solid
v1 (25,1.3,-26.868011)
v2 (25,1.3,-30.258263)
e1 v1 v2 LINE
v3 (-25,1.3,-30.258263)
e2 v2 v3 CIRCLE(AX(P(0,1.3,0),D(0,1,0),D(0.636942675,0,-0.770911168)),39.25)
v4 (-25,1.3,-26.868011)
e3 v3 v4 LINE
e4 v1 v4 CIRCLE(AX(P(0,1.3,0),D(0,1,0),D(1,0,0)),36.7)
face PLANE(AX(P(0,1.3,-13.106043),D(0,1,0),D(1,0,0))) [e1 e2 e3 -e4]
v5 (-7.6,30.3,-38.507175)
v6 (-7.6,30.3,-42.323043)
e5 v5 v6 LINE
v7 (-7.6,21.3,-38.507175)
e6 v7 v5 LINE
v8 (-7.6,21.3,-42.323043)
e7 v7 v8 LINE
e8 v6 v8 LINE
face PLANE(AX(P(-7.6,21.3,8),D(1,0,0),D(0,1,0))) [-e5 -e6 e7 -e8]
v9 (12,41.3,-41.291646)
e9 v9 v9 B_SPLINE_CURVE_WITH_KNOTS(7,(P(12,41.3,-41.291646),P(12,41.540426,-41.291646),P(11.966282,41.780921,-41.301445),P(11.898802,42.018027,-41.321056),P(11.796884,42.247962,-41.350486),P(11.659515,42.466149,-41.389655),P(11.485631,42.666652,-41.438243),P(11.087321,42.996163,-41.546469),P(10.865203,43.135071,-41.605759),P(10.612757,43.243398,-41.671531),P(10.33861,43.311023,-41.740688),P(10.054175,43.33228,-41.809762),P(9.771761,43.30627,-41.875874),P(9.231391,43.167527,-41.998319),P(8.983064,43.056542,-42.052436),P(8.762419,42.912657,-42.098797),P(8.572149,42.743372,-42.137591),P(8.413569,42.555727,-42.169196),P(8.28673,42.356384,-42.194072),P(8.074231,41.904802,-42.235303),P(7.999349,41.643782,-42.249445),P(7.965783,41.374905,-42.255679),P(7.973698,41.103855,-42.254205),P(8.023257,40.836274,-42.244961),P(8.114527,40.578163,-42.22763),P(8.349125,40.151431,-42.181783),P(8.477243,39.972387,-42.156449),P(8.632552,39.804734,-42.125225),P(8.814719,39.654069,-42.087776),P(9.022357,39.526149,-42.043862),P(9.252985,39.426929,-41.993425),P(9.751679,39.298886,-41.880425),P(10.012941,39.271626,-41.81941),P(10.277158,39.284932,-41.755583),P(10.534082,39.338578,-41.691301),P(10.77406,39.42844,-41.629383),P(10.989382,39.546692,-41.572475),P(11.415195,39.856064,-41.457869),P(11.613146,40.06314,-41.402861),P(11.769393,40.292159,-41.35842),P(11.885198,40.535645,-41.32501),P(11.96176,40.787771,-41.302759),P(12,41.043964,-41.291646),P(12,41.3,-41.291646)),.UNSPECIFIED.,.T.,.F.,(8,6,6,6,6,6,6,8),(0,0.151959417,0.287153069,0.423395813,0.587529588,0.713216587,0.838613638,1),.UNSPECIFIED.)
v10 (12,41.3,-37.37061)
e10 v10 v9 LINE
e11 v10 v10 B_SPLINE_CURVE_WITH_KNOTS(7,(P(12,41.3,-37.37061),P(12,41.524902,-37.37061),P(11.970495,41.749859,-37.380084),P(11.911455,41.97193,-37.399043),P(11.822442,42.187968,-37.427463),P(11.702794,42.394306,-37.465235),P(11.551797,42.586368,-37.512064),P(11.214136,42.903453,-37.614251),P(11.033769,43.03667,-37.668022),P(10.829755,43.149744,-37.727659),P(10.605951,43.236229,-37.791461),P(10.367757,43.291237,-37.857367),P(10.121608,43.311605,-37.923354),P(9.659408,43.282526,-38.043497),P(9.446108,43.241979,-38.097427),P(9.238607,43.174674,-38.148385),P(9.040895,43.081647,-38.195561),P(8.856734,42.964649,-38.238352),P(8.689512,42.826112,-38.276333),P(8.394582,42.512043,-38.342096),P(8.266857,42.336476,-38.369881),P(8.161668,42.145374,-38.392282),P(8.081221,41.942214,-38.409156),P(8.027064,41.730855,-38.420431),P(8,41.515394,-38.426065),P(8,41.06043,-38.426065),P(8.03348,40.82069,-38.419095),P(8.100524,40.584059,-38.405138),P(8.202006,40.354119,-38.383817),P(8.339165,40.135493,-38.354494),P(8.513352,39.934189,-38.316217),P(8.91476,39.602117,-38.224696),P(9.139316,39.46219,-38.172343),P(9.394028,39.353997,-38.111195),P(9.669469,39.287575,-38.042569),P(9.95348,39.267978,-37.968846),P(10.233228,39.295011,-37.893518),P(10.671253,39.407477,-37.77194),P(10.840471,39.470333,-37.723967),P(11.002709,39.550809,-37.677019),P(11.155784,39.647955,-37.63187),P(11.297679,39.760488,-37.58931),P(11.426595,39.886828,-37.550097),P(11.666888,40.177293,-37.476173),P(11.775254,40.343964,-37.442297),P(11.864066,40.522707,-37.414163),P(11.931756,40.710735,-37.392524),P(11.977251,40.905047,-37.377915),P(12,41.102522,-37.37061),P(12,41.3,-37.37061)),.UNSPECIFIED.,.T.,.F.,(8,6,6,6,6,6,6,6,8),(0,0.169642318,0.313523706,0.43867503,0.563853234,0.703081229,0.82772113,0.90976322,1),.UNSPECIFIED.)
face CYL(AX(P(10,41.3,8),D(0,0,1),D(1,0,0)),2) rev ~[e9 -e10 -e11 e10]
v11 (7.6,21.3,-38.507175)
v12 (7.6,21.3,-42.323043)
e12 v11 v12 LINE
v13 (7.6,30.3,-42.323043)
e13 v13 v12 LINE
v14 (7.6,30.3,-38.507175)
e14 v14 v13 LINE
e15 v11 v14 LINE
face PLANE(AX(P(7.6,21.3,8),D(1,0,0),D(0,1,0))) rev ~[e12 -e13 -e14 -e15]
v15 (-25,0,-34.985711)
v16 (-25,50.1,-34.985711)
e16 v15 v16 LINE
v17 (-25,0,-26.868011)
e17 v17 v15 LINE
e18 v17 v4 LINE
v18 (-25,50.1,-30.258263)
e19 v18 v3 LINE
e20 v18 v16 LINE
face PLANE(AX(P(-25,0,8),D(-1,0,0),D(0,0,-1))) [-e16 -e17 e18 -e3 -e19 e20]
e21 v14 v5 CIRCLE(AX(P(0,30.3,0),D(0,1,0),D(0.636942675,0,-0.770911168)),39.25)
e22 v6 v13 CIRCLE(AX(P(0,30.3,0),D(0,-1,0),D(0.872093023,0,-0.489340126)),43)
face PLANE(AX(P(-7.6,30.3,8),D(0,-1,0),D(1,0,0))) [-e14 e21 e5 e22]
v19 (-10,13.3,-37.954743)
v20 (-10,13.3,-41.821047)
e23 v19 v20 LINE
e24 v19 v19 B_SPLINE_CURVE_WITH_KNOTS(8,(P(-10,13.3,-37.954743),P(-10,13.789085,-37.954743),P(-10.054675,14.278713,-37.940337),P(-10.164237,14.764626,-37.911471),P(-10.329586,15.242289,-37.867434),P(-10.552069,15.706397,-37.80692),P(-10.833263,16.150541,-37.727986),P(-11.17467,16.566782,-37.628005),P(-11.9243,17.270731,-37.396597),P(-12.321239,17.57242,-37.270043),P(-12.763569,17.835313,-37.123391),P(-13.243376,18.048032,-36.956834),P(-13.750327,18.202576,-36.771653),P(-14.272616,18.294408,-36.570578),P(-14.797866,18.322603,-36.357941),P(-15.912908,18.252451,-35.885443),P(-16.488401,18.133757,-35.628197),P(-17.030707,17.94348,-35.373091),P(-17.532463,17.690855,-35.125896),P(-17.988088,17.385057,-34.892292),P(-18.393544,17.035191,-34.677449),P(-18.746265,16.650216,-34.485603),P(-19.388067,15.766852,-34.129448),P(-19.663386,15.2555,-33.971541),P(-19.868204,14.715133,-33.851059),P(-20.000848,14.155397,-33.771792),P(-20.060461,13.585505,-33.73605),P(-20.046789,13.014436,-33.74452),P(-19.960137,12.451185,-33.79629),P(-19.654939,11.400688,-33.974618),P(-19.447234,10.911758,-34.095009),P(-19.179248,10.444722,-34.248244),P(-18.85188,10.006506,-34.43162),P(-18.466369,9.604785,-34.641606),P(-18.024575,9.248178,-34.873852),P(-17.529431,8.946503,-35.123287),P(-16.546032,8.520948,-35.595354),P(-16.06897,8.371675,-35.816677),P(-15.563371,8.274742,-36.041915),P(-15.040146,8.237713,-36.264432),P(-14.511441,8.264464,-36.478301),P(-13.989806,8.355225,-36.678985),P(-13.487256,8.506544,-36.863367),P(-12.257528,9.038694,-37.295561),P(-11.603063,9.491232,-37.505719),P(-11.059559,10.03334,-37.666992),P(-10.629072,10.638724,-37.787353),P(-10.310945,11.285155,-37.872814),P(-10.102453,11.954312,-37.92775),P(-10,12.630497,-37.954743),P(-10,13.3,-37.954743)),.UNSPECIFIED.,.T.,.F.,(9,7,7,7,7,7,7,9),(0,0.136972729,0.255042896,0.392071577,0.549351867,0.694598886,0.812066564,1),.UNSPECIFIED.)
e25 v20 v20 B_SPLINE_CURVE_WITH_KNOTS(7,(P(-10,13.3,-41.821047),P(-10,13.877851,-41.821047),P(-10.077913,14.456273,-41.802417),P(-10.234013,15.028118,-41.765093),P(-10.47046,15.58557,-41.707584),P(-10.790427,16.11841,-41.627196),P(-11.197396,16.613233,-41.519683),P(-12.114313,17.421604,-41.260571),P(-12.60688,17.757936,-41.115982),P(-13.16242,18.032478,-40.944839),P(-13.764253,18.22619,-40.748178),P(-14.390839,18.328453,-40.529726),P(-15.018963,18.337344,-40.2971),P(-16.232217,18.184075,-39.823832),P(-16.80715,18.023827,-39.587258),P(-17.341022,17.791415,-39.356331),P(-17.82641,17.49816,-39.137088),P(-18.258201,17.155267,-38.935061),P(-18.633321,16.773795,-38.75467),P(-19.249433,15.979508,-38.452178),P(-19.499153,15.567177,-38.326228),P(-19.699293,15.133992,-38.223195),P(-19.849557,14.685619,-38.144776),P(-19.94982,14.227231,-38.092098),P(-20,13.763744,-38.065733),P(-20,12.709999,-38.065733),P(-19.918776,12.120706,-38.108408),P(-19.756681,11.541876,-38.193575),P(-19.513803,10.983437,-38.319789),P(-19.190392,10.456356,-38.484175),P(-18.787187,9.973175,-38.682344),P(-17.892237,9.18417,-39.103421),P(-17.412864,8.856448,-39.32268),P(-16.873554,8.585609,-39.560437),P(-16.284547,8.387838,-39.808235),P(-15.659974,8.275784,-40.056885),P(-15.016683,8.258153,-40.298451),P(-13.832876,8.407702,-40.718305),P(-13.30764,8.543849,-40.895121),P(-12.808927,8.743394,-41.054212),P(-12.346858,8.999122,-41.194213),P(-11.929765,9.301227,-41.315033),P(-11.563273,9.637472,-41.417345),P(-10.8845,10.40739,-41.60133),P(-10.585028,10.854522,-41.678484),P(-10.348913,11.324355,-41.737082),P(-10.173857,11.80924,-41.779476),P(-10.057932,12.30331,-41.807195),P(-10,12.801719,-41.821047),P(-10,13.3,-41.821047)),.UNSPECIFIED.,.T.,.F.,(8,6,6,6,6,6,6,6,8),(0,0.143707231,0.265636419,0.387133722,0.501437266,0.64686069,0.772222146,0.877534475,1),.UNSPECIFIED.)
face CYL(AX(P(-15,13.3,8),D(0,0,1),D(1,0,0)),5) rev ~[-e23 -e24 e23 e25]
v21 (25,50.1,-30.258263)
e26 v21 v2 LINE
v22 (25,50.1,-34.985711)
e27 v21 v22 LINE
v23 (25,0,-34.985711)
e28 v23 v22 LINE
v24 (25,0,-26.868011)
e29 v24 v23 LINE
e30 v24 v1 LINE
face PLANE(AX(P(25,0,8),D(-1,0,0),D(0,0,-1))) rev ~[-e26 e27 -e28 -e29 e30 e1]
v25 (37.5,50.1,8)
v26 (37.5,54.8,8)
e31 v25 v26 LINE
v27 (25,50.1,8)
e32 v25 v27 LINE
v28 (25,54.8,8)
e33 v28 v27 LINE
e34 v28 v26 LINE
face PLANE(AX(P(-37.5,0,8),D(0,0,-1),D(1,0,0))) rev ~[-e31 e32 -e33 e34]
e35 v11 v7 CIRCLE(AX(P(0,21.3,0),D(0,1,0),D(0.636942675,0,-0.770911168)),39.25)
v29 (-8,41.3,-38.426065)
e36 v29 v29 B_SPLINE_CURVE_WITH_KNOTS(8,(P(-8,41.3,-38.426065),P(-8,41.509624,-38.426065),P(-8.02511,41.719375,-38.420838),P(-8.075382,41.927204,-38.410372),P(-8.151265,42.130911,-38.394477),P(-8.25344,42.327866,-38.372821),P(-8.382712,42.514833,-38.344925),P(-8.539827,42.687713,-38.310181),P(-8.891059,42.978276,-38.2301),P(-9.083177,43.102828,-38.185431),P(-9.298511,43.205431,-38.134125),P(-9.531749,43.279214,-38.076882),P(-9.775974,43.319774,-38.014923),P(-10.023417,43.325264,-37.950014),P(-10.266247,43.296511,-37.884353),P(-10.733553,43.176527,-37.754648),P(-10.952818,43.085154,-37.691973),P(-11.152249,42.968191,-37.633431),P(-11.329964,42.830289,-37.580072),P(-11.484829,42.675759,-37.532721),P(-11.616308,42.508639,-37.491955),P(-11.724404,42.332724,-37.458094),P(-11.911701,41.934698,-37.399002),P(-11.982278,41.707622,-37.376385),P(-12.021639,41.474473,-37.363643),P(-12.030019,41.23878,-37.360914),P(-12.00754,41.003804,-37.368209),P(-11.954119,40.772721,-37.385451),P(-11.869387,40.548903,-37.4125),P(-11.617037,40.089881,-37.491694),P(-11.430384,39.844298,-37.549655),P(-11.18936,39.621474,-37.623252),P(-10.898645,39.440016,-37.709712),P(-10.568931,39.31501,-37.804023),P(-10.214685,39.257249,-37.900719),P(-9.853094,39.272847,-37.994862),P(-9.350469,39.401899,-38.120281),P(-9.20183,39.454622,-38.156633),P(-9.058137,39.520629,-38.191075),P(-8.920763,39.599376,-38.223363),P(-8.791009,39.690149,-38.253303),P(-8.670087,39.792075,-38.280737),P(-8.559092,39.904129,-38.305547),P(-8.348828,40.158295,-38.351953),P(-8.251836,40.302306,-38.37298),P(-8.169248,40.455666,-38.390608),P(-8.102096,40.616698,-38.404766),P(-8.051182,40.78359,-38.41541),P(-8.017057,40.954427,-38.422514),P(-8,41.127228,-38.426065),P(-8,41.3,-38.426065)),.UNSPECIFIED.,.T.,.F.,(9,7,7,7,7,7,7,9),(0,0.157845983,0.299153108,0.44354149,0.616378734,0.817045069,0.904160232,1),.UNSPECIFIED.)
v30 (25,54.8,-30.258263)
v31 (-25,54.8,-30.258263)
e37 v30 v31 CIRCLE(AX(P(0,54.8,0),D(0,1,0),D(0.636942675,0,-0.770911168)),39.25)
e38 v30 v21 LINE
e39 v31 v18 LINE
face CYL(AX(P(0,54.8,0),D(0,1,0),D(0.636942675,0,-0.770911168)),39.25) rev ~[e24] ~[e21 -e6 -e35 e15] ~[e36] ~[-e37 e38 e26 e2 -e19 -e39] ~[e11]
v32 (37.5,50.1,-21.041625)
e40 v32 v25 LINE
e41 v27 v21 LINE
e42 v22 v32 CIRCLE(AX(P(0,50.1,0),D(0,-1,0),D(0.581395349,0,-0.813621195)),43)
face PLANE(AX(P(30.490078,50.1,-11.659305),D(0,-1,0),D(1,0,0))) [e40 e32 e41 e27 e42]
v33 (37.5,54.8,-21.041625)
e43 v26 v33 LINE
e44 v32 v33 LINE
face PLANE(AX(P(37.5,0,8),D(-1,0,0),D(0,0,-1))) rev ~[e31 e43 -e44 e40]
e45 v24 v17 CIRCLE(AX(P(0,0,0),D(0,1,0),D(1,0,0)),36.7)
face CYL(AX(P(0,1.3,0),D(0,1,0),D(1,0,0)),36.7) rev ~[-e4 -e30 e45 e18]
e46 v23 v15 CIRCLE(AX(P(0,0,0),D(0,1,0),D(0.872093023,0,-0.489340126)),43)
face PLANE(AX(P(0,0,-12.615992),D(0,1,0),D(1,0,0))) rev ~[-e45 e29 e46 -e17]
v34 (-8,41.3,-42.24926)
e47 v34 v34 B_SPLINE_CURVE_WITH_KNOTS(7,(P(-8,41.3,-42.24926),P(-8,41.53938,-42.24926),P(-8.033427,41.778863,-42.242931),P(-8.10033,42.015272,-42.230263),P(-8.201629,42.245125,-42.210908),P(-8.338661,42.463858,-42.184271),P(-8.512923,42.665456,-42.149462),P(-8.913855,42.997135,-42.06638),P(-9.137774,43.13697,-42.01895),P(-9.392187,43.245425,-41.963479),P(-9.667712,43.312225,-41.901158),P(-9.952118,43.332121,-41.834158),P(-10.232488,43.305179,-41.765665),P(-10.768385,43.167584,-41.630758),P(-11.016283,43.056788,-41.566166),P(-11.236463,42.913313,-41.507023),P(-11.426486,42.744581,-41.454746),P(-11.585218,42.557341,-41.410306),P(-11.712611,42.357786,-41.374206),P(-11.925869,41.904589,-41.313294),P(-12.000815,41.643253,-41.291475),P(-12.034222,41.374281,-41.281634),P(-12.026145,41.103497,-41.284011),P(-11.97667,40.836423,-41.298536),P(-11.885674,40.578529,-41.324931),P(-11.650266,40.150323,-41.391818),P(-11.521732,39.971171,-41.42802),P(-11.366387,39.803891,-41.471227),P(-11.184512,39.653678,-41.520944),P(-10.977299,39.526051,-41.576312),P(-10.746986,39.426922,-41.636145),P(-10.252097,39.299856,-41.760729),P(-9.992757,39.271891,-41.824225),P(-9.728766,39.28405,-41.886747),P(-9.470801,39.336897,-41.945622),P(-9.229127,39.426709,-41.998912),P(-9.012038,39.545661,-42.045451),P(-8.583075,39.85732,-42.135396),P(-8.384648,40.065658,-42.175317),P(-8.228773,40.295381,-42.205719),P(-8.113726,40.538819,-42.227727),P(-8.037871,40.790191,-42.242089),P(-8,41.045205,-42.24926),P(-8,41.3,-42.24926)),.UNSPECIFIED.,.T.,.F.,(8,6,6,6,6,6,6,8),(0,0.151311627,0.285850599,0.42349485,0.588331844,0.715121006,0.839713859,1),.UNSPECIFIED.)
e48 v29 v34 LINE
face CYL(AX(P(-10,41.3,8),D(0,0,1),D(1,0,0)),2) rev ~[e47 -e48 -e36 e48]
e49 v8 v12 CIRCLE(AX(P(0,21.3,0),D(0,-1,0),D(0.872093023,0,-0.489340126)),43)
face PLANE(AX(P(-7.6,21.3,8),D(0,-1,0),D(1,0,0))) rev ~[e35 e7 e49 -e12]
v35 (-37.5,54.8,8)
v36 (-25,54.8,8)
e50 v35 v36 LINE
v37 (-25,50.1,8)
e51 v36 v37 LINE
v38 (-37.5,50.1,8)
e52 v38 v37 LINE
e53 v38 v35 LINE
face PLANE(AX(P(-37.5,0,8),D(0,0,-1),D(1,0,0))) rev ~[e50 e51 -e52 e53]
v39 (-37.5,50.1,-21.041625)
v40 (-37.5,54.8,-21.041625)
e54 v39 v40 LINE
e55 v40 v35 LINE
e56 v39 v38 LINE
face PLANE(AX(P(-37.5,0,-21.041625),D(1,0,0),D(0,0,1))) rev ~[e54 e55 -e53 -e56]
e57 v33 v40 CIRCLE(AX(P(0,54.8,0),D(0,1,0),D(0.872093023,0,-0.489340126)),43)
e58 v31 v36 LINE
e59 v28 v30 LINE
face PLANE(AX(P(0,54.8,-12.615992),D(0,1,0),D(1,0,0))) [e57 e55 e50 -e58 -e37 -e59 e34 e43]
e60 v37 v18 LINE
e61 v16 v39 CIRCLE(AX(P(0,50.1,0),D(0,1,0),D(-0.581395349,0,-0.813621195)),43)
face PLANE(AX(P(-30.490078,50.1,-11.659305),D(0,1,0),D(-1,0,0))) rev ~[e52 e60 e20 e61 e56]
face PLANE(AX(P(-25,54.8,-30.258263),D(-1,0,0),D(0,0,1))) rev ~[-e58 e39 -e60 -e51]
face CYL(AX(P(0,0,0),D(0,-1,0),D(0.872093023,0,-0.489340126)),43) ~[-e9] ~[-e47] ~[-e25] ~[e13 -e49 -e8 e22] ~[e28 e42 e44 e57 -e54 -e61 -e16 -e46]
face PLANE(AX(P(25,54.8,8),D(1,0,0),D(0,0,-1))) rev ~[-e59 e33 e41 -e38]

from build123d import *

# Parameters (mm, degrees)
BOSS_EXTRUDE1_DEPTH = 54.8
CUT_EXTRUDE1_DEPTH  = 53.5
CUT_EXTRUDE2_DEPTH  = 50.1
CUT_EXTRUDE4_REACH  = 53
SKETCH5_R           = 2
SKETCH5_R_2         = 5
SKETCH5_W           = 15.2
SKETCH5_H           = 9
SKETCH6_R           = 36.7
CUT_EXTRUDE5_DEPTH  = 10


with BuildPart() as part:
    # Sketch2 → Boss-Extrude1 (new body)
    with BuildSketch(Plane(origin=(0, 0, 0), x_dir=(1, 0, 0), z_dir=(0, 1, 0))):
        with BuildLine():
            Line((-37.5, 21.041625413), (-37.5, -8))
            Line((-37.5, -8), (37.5, -8))
            Line((37.5, -8), (37.5, 21.041625413))
            ThreePointArc((37.5, 21.041625413), (0, 43), (-37.5, 21.041625413))
        make_face()
    extrude(amount=BOSS_EXTRUDE1_DEPTH)

    # Sketch3 → Cut-Extrude1 (cut)
    with BuildSketch(Plane(origin=(0, 54.8, 0), x_dir=(1, 0, 0), z_dir=(0, 1, 0))):
        with BuildLine():
            Line((-25, 30.258263334), (-25, -8))
            Line((-25, -8), (25, -8))
            Line((25, -8), (25, 30.258263334))
            ThreePointArc((25, 30.258263334), (0, 39.25), (-25, 30.258263334))
        make_face()
    extrude(amount=-CUT_EXTRUDE1_DEPTH, mode=Mode.SUBTRACT)

    # Sketch4 → Cut-Extrude2 (cut)
    with BuildSketch(Plane.XZ):
        with BuildLine():
            Line((25, 8), (25, -34.985711369))
            ThreePointArc((25, -34.985711369), (32.018305441, -28.702406114), (37.5, -21.041625413))
            Line((37.5, -21.041625413), (37.5, 8))
            Line((37.5, 8), (25, 8))
        make_face()
        with BuildLine():
            Line((-25, 8), (-25, -34.985711369))
            ThreePointArc((-25, -34.985711369), (-32.018305441, -28.702406114), (-37.5, -21.041625413))
            Line((-37.5, -21.041625413), (-37.5, 8))
            Line((-37.5, 8), (-25, 8))
        make_face()
    extrude(amount=-CUT_EXTRUDE2_DEPTH, mode=Mode.SUBTRACT)

    # Sketch5 → Cut-Extrude4 (cut, up to next)
    with BuildSketch(Plane.XY.offset(8), mode=Mode.PRIVATE) as cut_extrude4_sk1:
        with Locations((-10, 41.3)):
            Circle(SKETCH5_R)
    cut_extrude4_tool1 = extrude(cut_extrude4_sk1.sketch, amount=-CUT_EXTRUDE4_REACH, mode=Mode.PRIVATE) & part.part
    add(cut_extrude4_tool1.solids().sort_by_distance((-10, 41.3, 8))[0], mode=Mode.SUBTRACT)
    # Sketch5 → Cut-Extrude4 (cut, up to next)
    with BuildSketch(Plane.XY.offset(8), mode=Mode.PRIVATE) as cut_extrude4_sk2:
        with Locations((10, 41.3)):
            Circle(SKETCH5_R)
    cut_extrude4_tool2 = extrude(cut_extrude4_sk2.sketch, amount=-CUT_EXTRUDE4_REACH, mode=Mode.PRIVATE) & part.part
    add(cut_extrude4_tool2.solids().sort_by_distance((10, 41.3, 8))[0], mode=Mode.SUBTRACT)
    # Sketch5 → Cut-Extrude4 (cut, up to next)
    with BuildSketch(Plane.XY.offset(8), mode=Mode.PRIVATE) as cut_extrude4_sk3:
        with Locations((-15, 13.3)):
            Circle(SKETCH5_R_2)
    cut_extrude4_tool3 = extrude(cut_extrude4_sk3.sketch, amount=-CUT_EXTRUDE4_REACH, mode=Mode.PRIVATE) & part.part
    add(cut_extrude4_tool3.solids().sort_by_distance((-15, 13.3, 8))[0], mode=Mode.SUBTRACT)
    # Sketch5 → Cut-Extrude4 (cut, up to next)
    with BuildSketch(Plane.XY.offset(8), mode=Mode.PRIVATE) as cut_extrude4_sk4:
        with Locations((0, 25.8)):
            Rectangle(SKETCH5_W, SKETCH5_H)
    cut_extrude4_tool4 = extrude(cut_extrude4_sk4.sketch, amount=-CUT_EXTRUDE4_REACH, mode=Mode.PRIVATE) & part.part
    add(cut_extrude4_tool4.solids().sort_by_distance((0, 25.8, 8))[0], mode=Mode.SUBTRACT)

    # Sketch6 → Cut-Extrude5 (cut)
    with BuildSketch(Plane(origin=(0, 1.3, 0), x_dir=(1, 0, 0), z_dir=(0, 1, 0))):
        Circle(SKETCH6_R)
    extrude(amount=-CUT_EXTRUDE5_DEPTH, mode=Mode.SUBTRACT)


solid = part.part
